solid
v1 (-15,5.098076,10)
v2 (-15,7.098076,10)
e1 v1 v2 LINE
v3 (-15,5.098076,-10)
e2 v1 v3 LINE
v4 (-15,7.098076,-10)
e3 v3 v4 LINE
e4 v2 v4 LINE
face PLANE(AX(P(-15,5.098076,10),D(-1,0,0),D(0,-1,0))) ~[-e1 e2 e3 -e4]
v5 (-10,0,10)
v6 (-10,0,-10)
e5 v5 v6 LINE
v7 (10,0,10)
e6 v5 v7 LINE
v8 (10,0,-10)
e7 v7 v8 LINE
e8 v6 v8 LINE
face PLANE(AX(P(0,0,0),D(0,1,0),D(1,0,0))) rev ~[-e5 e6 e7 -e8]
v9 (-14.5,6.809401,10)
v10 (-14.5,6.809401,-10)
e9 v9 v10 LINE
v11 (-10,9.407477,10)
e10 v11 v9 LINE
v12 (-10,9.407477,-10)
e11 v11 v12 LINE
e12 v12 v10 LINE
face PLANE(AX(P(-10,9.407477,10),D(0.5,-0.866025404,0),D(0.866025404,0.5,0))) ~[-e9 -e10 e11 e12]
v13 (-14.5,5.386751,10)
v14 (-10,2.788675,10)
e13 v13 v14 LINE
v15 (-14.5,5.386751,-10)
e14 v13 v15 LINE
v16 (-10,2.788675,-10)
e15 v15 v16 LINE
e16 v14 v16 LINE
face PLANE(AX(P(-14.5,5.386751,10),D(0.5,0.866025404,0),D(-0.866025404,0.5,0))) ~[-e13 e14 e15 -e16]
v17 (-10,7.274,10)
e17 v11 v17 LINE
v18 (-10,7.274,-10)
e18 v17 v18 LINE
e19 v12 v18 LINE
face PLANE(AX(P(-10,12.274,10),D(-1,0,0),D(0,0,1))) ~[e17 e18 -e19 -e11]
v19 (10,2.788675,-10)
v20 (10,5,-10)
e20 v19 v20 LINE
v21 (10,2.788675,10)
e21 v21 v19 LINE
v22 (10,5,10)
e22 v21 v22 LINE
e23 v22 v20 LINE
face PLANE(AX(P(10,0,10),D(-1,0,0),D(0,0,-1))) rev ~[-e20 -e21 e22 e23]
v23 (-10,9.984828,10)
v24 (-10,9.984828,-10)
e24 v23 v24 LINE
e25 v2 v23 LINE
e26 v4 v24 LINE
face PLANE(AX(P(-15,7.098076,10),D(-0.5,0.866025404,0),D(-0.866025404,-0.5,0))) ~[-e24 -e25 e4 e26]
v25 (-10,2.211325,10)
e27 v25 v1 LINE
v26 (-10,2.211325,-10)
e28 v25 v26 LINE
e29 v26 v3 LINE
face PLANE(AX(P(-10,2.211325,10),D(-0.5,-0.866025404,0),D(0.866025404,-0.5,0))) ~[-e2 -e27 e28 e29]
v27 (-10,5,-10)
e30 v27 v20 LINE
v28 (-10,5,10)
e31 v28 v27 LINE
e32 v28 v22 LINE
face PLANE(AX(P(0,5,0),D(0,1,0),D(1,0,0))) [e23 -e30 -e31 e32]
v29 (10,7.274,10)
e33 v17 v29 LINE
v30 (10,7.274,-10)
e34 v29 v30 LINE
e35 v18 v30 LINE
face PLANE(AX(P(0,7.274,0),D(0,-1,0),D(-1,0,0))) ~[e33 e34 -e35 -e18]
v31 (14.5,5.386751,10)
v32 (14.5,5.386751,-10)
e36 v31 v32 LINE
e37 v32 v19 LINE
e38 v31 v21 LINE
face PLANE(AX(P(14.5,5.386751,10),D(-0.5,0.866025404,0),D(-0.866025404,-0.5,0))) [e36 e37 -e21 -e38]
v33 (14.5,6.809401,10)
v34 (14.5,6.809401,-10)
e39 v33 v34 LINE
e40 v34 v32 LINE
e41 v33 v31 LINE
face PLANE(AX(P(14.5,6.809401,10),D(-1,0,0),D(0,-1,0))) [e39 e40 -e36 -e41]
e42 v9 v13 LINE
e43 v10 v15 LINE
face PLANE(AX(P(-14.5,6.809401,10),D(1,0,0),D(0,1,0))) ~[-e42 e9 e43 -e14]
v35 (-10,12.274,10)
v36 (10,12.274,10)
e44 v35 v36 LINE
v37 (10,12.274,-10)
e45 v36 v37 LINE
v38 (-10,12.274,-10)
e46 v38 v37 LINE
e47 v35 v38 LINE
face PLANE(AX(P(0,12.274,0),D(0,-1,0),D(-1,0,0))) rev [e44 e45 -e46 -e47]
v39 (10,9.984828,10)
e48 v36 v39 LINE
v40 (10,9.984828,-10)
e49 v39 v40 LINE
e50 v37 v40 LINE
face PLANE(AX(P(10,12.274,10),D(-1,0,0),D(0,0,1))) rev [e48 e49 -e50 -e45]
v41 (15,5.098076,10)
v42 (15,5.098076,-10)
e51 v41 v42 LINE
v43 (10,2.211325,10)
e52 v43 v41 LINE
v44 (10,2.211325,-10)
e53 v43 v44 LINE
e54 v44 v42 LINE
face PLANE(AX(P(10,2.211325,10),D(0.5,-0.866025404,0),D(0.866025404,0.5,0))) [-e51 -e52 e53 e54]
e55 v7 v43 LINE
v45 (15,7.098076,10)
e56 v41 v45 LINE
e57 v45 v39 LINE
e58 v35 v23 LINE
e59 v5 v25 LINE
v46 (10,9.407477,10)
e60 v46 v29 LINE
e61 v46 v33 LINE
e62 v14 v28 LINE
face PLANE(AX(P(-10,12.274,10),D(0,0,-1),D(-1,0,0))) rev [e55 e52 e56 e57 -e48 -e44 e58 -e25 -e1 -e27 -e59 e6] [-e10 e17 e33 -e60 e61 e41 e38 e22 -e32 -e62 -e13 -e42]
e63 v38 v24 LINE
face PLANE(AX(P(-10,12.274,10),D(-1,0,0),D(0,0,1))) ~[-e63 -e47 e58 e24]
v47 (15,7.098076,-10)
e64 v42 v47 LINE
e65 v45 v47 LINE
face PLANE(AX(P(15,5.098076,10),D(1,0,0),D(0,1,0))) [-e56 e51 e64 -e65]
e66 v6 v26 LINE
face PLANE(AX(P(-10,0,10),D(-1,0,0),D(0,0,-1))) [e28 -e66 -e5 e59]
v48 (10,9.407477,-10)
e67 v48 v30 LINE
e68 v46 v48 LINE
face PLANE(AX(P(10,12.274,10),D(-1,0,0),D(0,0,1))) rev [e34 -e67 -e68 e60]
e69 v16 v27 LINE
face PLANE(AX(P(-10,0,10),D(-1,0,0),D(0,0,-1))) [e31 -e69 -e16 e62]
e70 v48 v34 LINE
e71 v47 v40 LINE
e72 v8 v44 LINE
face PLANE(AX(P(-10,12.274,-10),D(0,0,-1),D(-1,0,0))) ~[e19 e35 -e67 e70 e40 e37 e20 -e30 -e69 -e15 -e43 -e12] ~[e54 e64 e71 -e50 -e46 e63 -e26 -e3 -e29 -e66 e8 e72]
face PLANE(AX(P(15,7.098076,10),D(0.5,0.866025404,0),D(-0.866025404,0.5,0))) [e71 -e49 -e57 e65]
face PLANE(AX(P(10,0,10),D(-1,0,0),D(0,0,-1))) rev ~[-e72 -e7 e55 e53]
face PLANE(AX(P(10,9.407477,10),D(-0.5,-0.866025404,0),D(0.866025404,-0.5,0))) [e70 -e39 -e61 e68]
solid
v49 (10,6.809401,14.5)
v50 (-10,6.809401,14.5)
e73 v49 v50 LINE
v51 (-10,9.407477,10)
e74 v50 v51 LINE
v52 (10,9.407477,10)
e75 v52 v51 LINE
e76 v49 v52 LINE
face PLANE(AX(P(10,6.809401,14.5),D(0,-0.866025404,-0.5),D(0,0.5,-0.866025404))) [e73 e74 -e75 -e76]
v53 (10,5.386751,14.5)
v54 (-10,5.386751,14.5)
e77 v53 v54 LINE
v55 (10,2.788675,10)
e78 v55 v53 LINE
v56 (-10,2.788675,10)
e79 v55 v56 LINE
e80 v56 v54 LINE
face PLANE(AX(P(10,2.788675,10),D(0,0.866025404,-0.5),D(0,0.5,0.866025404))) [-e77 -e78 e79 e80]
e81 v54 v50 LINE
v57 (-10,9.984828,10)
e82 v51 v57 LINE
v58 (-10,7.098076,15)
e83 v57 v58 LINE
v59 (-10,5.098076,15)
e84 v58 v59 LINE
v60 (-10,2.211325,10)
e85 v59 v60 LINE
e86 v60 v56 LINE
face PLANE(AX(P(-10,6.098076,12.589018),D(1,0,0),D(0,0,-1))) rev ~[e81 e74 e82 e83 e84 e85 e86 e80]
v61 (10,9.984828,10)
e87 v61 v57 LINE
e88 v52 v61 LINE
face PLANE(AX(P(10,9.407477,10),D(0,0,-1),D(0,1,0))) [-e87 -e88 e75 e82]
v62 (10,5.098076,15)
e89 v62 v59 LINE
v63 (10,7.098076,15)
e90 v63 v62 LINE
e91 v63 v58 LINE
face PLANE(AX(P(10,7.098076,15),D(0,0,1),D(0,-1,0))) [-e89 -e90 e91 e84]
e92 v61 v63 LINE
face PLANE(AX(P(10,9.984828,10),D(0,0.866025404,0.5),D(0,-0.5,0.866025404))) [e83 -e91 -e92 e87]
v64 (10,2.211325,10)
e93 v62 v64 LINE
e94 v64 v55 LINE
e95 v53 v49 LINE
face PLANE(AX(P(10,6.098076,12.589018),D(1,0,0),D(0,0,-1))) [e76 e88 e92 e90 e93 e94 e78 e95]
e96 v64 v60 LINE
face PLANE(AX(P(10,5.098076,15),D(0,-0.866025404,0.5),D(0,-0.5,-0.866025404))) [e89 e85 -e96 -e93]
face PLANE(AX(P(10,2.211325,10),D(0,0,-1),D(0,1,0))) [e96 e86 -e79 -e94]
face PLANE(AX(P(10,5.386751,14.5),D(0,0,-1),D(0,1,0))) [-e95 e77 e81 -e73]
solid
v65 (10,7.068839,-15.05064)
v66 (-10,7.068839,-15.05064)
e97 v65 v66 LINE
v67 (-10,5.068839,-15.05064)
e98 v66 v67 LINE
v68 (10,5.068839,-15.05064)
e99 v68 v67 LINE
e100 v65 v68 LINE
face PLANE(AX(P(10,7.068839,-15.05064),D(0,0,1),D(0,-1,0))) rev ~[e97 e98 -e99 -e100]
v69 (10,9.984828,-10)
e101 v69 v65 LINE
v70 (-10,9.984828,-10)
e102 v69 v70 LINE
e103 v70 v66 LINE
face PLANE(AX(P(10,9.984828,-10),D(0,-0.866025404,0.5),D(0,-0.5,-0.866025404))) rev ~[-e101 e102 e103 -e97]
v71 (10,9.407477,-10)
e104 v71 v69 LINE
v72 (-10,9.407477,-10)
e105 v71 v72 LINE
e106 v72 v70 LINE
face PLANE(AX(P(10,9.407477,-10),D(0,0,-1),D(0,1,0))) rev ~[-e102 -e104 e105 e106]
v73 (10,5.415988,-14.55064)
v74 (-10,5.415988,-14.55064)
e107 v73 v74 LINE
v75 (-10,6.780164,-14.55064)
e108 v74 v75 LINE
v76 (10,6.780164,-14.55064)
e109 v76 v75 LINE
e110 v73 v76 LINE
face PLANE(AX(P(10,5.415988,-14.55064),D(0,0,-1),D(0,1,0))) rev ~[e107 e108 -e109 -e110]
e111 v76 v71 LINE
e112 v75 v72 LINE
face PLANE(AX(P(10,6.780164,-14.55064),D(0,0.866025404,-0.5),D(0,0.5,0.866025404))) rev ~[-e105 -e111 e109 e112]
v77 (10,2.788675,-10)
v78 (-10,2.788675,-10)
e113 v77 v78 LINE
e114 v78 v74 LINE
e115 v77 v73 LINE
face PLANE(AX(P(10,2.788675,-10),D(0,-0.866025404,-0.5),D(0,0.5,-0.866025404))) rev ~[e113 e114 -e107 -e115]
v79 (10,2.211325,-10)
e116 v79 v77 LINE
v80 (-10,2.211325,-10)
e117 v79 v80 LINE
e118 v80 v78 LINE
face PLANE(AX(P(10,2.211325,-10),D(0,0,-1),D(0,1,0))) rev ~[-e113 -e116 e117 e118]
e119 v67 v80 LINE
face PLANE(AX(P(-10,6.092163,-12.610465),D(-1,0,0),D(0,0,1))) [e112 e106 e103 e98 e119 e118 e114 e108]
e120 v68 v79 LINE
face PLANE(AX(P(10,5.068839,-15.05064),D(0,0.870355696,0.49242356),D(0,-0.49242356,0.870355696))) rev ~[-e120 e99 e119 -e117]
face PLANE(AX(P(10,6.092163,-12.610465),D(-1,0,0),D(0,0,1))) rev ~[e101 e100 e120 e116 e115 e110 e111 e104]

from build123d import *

# Parameters (mm, degrees)
SKETCH1_W           = 20
SKETCH1_H           = 20
BOSS_EXTRUDE1_DEPTH = 5
BOSS_EXTRUDE2_DEPTH = 20
BOSS_EXTRUDE4_DEPTH = 20
BOSS_EXTRUDE6_DEPTH = 20


with BuildPart() as part:
    # Sketch1 → Boss-Extrude1 (new body)
    with BuildSketch(Plane(origin=(0, 0, 0), x_dir=(1, 0, 0), z_dir=(0, 1, 0))):
        Rectangle(SKETCH1_W, SKETCH1_H)
    boss_extrude1 = extrude(amount=BOSS_EXTRUDE1_DEPTH)

    # Sketch2 → Boss-Extrude2 (add)
    with BuildSketch(Plane.XY.offset(10)):
        Polygon((10, 2.211324865), (15, 5.098076211), (15, 7.098076211), (10, 9.984827557), (10, 9.407477288), (14.5, 6.809401077), (14.5, 5.386751346), (10, 2.788675135), align=None)
    boss_extrude2 = extrude(amount=-BOSS_EXTRUDE2_DEPTH)

    # Mirror1: Boss-Extrude2 across plane
    add(boss_extrude2.mirror(Plane(origin=(0, 0, 0), x_dir=(0, 0, 1), z_dir=(1, 0, 0))))

    # Mirror2: Boss-Extrude1 across plane
    add(boss_extrude1.mirror(Plane.ZX.offset(6.137)))


with BuildPart() as body_2:
    # Sketch7 → Boss-Extrude4 (new body)
    with BuildSketch(Plane(origin=(10, 0, 0), x_dir=(0, 0, -1), z_dir=(1, 0, 0))):
        Polygon((-10, 2.211324865), (-10, 2.788675135), (-14.5, 5.386751346), (-14.5, 6.809401077), (-10, 9.407477288), (-10, 9.984827557), (-15, 7.098076211), (-15, 5.098076211), align=None)
    extrude(amount=-BOSS_EXTRUDE4_DEPTH)


with BuildPart() as body_3:
    # Sketch8 → Boss-Extrude6 (new body)
    with BuildSketch(Plane(origin=(10, 0, 0), x_dir=(0, 0, -1), z_dir=(1, 0, 0))):
        Polygon((10, 2.211324865), (10, 2.788675135), (14.550639741, 5.415988214), (14.550639741, 6.780164209), (10, 9.407477288), (10, 9.984827557), (15.050639741, 7.068839343), (15.050639741, 5.068839343), align=None)
    extrude(amount=-BOSS_EXTRUDE6_DEPTH)


solid = Compound([part.part, body_2.part, body_3.part])
